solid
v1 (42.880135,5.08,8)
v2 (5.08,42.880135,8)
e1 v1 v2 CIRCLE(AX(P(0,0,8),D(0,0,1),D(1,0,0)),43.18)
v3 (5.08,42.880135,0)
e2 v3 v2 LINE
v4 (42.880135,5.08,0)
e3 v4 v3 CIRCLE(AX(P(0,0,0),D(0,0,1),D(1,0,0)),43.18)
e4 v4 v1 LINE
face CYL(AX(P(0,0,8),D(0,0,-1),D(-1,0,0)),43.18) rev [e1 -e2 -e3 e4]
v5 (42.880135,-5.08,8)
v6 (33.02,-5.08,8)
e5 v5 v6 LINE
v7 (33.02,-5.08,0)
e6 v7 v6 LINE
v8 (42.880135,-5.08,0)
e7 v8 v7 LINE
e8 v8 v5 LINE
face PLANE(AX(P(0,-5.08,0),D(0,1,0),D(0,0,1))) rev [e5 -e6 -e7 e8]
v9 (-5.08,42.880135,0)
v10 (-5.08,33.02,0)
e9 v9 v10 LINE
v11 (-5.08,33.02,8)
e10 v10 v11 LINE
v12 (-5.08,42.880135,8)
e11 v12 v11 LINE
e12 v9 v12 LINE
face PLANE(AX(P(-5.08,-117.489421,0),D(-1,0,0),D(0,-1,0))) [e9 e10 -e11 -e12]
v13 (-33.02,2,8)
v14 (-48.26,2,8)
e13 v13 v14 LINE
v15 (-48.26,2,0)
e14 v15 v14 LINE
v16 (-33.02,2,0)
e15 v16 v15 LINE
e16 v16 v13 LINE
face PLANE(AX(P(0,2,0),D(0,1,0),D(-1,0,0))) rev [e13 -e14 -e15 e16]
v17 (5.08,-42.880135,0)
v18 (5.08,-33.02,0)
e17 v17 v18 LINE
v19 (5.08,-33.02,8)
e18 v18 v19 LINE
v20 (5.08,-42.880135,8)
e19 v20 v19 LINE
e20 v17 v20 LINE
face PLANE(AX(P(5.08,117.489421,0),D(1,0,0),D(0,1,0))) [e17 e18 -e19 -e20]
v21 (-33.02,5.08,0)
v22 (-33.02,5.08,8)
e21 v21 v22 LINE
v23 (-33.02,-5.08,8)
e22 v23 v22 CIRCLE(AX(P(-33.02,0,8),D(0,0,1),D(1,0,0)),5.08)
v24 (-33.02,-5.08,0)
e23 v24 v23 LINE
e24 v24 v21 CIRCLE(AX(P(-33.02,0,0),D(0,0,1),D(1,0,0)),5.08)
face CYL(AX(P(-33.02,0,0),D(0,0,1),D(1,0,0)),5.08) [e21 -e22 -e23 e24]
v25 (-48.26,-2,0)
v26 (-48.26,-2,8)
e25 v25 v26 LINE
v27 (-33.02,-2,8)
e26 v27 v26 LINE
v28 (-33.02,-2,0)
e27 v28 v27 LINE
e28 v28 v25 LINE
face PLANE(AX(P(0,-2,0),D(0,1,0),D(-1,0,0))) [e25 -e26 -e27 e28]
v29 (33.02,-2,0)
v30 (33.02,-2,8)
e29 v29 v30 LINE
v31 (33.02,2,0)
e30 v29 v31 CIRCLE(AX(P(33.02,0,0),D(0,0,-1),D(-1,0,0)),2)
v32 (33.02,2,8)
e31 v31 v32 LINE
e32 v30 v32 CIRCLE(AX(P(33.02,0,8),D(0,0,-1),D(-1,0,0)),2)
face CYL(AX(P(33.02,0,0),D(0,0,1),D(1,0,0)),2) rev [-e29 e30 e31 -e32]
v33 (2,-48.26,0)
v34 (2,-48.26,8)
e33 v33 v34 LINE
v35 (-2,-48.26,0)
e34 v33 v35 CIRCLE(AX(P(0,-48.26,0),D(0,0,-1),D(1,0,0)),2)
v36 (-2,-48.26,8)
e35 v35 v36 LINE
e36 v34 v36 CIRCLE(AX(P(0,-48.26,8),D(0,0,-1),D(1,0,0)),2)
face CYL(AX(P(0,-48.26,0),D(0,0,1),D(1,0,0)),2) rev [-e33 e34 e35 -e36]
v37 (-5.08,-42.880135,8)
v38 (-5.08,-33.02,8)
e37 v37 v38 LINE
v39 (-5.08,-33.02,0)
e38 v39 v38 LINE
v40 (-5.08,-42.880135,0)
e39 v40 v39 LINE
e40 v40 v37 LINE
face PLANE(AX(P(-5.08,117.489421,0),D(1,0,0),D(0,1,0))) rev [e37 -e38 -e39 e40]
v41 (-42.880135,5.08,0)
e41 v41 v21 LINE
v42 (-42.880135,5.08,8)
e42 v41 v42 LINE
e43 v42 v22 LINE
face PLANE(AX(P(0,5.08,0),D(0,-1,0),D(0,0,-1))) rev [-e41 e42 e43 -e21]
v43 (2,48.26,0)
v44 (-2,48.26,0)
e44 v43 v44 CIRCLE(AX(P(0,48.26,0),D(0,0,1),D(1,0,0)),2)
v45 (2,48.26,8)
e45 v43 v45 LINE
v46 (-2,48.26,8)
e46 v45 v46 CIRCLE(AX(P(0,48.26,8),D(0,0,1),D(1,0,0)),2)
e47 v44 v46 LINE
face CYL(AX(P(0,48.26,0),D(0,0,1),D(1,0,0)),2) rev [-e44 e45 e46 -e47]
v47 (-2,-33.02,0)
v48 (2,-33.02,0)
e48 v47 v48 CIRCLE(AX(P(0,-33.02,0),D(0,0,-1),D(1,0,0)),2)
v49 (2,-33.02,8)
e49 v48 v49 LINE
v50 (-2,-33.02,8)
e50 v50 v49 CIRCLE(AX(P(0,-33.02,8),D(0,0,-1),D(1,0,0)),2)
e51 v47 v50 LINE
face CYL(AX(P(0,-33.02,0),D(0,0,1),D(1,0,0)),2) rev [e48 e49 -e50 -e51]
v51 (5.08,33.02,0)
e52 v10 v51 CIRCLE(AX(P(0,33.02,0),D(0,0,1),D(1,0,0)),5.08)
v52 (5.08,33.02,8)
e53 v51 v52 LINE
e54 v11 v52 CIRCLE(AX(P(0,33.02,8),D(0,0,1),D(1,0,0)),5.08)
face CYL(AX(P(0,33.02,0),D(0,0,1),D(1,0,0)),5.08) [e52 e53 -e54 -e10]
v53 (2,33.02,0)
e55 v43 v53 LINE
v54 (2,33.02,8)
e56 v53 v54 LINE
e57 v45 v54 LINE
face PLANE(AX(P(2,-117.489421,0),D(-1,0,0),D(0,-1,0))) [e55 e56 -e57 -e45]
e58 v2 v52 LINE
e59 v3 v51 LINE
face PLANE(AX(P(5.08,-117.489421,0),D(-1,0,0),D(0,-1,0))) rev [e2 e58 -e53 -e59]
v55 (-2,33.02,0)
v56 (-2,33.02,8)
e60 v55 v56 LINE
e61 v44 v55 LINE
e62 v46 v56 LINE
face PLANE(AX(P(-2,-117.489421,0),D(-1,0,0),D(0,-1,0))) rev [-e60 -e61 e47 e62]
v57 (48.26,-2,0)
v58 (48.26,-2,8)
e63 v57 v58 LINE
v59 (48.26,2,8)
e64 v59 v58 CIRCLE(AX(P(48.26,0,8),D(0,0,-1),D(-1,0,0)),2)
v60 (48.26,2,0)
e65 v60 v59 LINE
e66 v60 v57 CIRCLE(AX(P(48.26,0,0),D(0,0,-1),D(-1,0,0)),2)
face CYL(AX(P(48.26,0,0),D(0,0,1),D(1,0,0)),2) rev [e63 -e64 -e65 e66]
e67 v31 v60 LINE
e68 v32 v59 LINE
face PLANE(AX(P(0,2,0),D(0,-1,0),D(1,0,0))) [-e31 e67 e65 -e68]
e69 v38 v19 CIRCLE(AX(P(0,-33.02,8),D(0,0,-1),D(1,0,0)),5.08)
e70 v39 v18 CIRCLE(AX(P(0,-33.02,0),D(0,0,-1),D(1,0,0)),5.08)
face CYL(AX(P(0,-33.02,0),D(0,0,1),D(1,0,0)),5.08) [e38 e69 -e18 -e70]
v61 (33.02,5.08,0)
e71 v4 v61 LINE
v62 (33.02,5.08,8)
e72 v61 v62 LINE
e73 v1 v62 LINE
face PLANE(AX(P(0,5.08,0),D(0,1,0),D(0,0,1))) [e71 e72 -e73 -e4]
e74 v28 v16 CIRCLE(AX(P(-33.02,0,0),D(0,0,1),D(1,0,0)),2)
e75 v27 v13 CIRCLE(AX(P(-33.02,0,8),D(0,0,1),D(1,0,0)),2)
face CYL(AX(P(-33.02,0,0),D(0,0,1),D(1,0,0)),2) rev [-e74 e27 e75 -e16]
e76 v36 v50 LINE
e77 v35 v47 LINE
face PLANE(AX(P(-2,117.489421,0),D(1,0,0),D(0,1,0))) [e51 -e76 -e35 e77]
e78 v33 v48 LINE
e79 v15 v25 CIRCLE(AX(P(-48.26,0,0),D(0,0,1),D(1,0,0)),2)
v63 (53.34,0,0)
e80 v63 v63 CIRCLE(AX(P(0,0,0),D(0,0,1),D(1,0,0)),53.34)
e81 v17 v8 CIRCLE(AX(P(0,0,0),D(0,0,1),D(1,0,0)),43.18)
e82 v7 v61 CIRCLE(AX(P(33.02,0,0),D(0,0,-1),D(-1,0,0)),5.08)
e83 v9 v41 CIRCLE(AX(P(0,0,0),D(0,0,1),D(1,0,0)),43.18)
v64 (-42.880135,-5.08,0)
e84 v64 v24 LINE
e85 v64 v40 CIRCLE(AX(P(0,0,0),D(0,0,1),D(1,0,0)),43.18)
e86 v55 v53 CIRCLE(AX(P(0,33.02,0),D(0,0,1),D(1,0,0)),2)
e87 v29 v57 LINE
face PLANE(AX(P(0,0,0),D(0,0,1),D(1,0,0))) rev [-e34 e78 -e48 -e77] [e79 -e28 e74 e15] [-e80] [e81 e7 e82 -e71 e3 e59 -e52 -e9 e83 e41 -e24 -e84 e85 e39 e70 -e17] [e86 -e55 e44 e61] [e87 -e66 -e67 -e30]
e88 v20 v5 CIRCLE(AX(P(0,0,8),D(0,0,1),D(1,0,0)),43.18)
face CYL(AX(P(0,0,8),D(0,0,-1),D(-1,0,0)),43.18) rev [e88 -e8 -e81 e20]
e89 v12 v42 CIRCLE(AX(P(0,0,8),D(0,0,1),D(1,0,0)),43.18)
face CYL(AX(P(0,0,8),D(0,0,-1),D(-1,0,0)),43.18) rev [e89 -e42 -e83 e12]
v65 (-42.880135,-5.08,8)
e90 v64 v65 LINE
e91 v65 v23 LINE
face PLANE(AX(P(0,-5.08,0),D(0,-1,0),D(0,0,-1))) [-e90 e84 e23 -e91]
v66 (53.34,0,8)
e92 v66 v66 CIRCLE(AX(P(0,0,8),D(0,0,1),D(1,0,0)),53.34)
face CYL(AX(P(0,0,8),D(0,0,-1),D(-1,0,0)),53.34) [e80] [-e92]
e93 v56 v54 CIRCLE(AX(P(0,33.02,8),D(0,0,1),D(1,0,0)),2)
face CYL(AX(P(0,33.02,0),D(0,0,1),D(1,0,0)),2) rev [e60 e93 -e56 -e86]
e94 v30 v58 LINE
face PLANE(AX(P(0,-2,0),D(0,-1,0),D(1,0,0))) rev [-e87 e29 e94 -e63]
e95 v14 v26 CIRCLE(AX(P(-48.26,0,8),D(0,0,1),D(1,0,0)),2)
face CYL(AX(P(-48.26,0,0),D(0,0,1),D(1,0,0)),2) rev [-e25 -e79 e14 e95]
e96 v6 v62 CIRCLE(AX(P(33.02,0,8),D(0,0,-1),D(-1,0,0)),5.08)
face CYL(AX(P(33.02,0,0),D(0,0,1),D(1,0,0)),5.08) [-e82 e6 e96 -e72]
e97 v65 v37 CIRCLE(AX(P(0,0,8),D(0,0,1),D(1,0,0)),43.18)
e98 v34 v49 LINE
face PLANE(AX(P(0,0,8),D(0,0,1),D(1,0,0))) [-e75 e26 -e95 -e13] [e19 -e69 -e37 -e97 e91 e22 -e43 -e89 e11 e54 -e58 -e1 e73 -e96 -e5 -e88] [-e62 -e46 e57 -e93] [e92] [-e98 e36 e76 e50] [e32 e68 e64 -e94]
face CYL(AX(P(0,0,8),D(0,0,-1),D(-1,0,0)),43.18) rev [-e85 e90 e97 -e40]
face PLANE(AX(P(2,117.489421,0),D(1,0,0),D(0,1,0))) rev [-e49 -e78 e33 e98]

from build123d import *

# Parameters (mm, degrees)
SKETCH2_R          = 53.34
SKETCH2_R_2        = 43.18
EXTRUDE3_DEPTH     = 8
EXTRUDE4_DEPTH     = 8
EXTRUDE5_DEPTH     = 8
CUT_EXTRUDE1_DEPTH = 9
CUT_EXTRUDE2_DEPTH = 9


with BuildPart() as part:
    # Sketch2 → Extrude3 (new body)
    with BuildSketch(Plane.XY):
        Circle(SKETCH2_R)
        Circle(SKETCH2_R_2, mode=Mode.SUBTRACT)
    extrude(amount=EXTRUDE3_DEPTH)

    # Sketch3 → Extrude4 (add)
    with BuildSketch(Plane.XY.offset(8)):
        with BuildLine():
            ThreePointArc((5.08, 48.26), (0, 43.18), (-5.08, 48.26))
            Line((-5.08, 48.26), (-5.08, 33.02))
            ThreePointArc((-5.08, 33.02), (0, 27.94), (5.08, 33.02))
            Line((5.08, 33.02), (5.08, 48.26))
        make_face()
    extrude4 = extrude(amount=-EXTRUDE4_DEPTH)

    # Mirror1: Extrude4 across plane
    add(extrude4.mirror(Plane.ZX))

    # Sketch4 → Extrude5 (add)
    with BuildSketch(Plane.XY.offset(8)):
        with BuildLine():
            ThreePointArc((-48.26, 5.08), (-43.18, 0), (-48.26, -5.08))
            Line((-48.26, -5.08), (-33.02, -5.08))
            ThreePointArc((-33.02, -5.08), (-27.94, 0), (-33.02, 5.08))
            Line((-33.02, 5.08), (-48.26, 5.08))
        make_face()
    extrude5 = extrude(amount=-EXTRUDE5_DEPTH)

    # Mirror2: Extrude5 across plane
    add(extrude5.mirror(Plane(origin=(0, 0, 0), x_dir=(0, 0, 1), z_dir=(1, 0, 0))))

    # Sketch5 → Cut-Extrude1 (cut, through all)
    with BuildSketch(Plane.XY.offset(8)):
        with BuildLine():
            Line((2, 33.02), (2, 48.26))
            ThreePointArc((2, 48.26), (0, 50.26), (-2, 48.26))
            Line((-2, 48.26), (-2, 33.02))
            ThreePointArc((-2, 33.02), (0, 31.02), (2, 33.02))
        make_face()
    cut_extrude1 = extrude(amount=-CUT_EXTRUDE1_DEPTH, mode=Mode.SUBTRACT)

    # Mirror3: Cut-Extrude1 across plane
    add(cut_extrude1.mirror(Plane.ZX), mode=Mode.SUBTRACT)

    # Sketch6 → Cut-Extrude2 (cut, through all)
    with BuildSketch(Plane.XY.offset(8)):
        with BuildLine():
            Line((-33.02, 2), (-48.26, 2))
            ThreePointArc((-48.26, 2), (-50.26, 0), (-48.26, -2))
            Line((-48.26, -2), (-33.02, -2))
            ThreePointArc((-33.02, -2), (-31.02, 0), (-33.02, 2))
        make_face()
    cut_extrude2 = extrude(amount=-CUT_EXTRUDE2_DEPTH, mode=Mode.SUBTRACT)

    # Mirror4: Cut-Extrude2 across plane
    add(cut_extrude2.mirror(Plane(origin=(0, 0, 0), x_dir=(0, 0, 1), z_dir=(1, 0, 0))), mode=Mode.SUBTRACT)


solid = part.part
